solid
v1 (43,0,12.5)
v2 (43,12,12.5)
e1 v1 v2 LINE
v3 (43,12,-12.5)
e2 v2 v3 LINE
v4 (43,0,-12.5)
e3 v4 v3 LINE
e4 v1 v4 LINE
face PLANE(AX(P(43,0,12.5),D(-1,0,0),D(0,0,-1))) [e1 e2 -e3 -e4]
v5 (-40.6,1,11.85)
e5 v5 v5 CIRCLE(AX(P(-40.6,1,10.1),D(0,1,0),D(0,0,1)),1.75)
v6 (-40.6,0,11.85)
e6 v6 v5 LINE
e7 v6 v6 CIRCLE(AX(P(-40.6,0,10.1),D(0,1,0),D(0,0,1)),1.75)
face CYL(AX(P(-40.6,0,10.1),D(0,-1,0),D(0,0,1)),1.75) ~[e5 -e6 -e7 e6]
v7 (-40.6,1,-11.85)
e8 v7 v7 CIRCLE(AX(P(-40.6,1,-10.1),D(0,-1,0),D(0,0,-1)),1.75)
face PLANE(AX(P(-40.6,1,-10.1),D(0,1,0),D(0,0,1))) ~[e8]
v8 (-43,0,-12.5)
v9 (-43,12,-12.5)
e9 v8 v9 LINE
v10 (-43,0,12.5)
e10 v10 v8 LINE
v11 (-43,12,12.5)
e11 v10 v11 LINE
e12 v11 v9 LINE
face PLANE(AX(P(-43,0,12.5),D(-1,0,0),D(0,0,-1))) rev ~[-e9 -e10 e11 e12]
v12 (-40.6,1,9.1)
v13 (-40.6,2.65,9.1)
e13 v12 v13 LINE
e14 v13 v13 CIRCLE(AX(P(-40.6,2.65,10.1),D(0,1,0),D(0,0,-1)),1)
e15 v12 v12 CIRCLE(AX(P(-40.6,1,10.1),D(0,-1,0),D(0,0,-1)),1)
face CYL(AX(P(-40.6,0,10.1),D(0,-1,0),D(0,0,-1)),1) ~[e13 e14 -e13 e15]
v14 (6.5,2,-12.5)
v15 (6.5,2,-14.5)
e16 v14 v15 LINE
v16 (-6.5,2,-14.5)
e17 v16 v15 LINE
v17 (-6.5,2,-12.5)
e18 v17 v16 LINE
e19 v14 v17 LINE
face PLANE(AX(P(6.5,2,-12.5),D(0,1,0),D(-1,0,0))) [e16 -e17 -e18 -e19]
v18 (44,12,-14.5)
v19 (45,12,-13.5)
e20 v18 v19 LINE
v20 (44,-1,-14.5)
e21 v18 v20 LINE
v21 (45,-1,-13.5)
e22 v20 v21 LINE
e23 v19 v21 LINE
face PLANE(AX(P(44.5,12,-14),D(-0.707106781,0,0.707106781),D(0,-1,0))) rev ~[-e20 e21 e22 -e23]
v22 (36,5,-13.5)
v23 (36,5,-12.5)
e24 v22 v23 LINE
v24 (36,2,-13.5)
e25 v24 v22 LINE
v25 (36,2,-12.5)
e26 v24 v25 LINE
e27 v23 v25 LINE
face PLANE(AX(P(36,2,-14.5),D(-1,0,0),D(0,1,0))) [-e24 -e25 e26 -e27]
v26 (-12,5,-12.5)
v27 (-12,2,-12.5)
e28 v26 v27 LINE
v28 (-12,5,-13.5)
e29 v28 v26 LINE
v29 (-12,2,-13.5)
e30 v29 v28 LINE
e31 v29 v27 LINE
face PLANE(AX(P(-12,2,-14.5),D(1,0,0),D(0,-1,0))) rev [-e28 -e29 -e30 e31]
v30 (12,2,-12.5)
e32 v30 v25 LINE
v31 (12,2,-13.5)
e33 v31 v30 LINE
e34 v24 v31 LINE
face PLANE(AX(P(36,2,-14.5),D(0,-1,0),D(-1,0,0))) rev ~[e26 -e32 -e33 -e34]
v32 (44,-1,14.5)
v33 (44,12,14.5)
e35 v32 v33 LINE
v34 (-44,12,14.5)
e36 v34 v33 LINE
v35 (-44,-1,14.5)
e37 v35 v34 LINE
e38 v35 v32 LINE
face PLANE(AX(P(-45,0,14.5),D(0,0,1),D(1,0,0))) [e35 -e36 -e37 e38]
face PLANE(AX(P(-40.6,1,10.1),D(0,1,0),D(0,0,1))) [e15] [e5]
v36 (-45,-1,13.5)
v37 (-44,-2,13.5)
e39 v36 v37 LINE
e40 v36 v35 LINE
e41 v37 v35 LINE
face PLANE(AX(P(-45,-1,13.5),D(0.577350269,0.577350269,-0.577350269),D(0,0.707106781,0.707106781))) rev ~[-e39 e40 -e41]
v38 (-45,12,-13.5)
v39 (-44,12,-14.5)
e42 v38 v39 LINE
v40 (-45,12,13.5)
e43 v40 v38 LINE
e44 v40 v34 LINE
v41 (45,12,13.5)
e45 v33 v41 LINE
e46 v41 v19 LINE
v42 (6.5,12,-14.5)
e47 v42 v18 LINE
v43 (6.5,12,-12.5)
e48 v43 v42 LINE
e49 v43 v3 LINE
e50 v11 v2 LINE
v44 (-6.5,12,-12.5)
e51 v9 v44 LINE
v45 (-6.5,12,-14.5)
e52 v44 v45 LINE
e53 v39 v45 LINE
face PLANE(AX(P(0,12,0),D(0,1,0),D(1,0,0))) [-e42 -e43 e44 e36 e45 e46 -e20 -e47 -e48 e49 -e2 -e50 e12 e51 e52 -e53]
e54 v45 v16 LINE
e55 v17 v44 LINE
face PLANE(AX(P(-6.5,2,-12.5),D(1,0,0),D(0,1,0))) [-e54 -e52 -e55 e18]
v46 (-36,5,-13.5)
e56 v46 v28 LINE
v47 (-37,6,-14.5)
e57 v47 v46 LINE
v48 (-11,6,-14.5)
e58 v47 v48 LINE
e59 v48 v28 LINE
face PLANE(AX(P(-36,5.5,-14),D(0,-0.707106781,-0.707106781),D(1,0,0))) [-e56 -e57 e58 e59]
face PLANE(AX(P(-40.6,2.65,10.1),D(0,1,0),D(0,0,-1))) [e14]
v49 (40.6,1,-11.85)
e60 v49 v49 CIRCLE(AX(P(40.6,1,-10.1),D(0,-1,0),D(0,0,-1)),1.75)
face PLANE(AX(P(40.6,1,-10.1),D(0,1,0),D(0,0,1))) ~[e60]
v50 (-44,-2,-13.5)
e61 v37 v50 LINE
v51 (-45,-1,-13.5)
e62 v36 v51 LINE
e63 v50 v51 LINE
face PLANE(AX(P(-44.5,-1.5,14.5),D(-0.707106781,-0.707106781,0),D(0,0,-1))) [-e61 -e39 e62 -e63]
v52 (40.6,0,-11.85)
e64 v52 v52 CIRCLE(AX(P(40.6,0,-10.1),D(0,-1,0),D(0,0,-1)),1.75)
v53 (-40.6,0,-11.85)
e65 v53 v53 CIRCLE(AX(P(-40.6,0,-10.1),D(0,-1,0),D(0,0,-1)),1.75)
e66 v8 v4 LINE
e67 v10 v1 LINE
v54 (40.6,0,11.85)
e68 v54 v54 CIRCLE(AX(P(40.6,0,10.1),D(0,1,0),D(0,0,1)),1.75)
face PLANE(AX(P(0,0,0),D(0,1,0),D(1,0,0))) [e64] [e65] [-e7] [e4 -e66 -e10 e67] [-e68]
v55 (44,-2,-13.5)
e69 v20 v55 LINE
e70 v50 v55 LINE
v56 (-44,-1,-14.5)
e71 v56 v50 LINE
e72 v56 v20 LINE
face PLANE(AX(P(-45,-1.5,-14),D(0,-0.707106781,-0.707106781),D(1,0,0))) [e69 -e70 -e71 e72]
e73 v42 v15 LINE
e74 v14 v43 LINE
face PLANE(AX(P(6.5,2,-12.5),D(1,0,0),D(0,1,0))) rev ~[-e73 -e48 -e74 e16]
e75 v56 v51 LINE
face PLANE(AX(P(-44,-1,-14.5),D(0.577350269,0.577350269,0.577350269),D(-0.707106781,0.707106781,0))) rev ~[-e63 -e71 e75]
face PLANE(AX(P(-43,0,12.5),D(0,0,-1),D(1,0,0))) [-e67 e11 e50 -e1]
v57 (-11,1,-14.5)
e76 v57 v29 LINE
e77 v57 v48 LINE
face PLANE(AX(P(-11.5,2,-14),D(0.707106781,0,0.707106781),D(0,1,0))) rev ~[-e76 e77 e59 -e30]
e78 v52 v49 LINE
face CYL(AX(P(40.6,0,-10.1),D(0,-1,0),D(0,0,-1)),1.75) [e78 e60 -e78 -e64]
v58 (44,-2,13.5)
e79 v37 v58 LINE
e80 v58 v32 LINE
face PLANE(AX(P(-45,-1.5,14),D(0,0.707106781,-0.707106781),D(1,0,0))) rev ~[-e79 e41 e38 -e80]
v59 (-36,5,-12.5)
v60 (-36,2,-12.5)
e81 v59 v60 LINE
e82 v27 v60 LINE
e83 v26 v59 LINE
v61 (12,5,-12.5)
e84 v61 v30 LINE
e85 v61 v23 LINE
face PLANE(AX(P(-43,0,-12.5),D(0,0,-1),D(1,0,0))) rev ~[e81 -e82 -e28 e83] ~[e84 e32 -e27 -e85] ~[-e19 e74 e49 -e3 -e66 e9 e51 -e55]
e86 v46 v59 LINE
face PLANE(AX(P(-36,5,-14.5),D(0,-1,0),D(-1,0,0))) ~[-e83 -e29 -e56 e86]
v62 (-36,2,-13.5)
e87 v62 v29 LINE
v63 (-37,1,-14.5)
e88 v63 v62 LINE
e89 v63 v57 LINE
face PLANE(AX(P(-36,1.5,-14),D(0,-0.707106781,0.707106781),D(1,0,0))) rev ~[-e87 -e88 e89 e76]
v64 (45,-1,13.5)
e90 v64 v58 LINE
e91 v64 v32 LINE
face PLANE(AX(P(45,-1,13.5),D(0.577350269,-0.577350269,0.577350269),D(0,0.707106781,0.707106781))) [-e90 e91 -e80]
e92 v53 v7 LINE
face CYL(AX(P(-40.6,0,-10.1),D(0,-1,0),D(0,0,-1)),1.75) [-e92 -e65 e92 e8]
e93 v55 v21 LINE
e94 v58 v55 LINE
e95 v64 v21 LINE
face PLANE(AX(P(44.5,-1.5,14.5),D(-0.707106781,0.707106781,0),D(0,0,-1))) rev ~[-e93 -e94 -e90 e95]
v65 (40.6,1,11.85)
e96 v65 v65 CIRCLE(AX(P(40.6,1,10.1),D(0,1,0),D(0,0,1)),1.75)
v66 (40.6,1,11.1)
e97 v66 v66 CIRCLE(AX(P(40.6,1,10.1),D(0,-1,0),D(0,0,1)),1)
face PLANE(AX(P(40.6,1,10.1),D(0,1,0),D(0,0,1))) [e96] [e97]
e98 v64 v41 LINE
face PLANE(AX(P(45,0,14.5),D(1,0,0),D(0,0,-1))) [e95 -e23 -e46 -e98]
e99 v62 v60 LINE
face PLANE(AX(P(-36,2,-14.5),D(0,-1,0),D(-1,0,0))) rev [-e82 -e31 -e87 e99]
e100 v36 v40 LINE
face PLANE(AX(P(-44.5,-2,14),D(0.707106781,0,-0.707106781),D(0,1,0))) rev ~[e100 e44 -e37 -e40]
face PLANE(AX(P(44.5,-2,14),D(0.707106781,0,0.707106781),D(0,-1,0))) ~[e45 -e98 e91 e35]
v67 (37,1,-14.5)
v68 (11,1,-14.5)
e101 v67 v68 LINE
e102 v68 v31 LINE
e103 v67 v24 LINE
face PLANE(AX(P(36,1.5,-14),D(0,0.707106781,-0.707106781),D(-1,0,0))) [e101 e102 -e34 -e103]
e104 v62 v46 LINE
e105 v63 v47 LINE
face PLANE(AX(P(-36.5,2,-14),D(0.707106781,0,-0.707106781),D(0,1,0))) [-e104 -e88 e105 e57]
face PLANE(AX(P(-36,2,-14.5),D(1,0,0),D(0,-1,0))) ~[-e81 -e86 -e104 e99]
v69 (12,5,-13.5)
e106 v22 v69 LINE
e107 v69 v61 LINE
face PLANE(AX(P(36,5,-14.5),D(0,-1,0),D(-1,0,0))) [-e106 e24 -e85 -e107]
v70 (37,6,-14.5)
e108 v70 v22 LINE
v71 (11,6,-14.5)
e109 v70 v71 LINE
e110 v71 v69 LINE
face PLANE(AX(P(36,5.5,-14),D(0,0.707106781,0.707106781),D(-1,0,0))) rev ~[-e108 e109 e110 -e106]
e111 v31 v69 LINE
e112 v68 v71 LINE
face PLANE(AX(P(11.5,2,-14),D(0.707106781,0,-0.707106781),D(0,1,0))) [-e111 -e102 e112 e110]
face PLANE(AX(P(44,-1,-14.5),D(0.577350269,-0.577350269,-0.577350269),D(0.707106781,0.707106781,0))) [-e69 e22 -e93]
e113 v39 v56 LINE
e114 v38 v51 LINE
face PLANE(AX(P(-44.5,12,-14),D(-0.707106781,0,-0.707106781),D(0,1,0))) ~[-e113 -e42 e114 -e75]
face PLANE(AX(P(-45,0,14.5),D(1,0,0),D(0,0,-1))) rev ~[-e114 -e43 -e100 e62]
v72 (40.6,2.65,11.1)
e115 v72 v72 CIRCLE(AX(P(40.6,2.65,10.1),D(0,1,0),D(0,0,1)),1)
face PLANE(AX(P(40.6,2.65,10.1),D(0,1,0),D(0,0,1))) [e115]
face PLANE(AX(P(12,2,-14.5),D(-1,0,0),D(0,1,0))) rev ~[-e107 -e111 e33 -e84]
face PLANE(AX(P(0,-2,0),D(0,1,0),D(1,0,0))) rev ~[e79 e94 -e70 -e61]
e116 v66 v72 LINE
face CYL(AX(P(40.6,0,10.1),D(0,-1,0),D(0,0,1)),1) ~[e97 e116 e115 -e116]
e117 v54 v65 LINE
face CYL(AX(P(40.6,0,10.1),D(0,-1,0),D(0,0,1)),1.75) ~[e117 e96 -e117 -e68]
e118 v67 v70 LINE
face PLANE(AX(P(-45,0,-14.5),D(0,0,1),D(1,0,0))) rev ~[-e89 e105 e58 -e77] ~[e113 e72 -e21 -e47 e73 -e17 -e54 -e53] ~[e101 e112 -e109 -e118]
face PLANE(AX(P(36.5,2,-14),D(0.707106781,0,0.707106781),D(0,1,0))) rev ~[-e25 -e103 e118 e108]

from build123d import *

# Parameters (mm, degrees)
SKETCH1_W                = 90
SKETCH1_H                = 29
SKETCH1_W_2              = 86
SKETCH1_H_2              = 25
BOSS_EXTRUDE1_DEPTH      = 12
SKETCH1_2_W              = 90
SKETCH1_2_H              = 29
BOSS_EXTRUDE2_DEPTH      = 2
SKETCH2_R                = 1
BOSS_EXTRUDE3_DEPTH      = 2.65
SKETCH3_R                = 1.75
BOSS_EXTRUDE4_DEPTH      = 1
CHAMFER1_SIZE            = 1
CUT_EXTRUDE1_REACH       = 55.833
SKETCH4_W                = 13
SKETCH4_H                = 10
CUT_EXTRUDE2_REACH       = 56.863
SKETCH5_W                = 24
SKETCH5_H                = 3
CHAMFER2_SIZE            = 1
CHAMFER2_OF_MIRROR2_SIZE = 1


with BuildPart() as part:
    # Sketch1 → Boss-Extrude1 (new body)
    with BuildSketch(Plane(origin=(0, 0, 0), x_dir=(1, 0, 0), z_dir=(0, 1, 0))):
        Rectangle(SKETCH1_W, SKETCH1_H)
        Rectangle(SKETCH1_W_2, SKETCH1_H_2, mode=Mode.SUBTRACT)
    extrude(amount=BOSS_EXTRUDE1_DEPTH)

    # Sketch1<2> → Boss-Extrude2 (add)
    with BuildSketch(Plane(origin=(0, 0, 0), x_dir=(1, 0, 0), z_dir=(0, 1, 0))):
        Rectangle(SKETCH1_2_W, SKETCH1_2_H)
    extrude(amount=-BOSS_EXTRUDE2_DEPTH)

    # Sketch2 → Boss-Extrude3 (add)
    with BuildSketch(Plane(origin=(0, 0, 0), x_dir=(1, 0, 0), z_dir=(0, 1, 0))):
        with Locations((40.6, -10.1)):
            Circle(SKETCH2_R)
        with Locations((-40.6, -10.1)):
            Circle(SKETCH2_R)
    extrude(amount=BOSS_EXTRUDE3_DEPTH)

    # Sketch3 → Boss-Extrude4 (add)
    with BuildSketch(Plane(origin=(0, 0, 0), x_dir=(1, 0, 0), z_dir=(0, 1, 0))):
        with Locations((40.6, -10.1)):
            Circle(SKETCH3_R)
        with Locations((-40.6, -10.1)):
            Circle(SKETCH3_R)
    boss_extrude4 = extrude(amount=BOSS_EXTRUDE4_DEPTH)

    # Mirror1: Boss-Extrude4 across plane
    add(boss_extrude4.mirror(Plane.XY))

    # Chamfer1
    chamfer1_edges = [part.edges().sort_by_distance(p)[0] for p in [
        (45, 5, -14.5),
        (45, 5, 14.5),
        (45, -2, 0),
        (0, -2, 14.5),
        (-45, 5, 14.5),
        (-45, -2, 0),
        (0, -2, -14.5),
        (-45, 5, -14.5),
    ]]
    chamfer(chamfer1_edges, length=CHAMFER1_SIZE)

    # Sketch4 → Cut-Extrude1 (cut, up to next)
    with BuildSketch(Plane(origin=(0, 0, -12.5), x_dir=(-1, 0, 0), z_dir=(0, 0, -1)), mode=Mode.PRIVATE) as cut_extrude1_sk1:
        with Locations((0, 7)):
            Rectangle(SKETCH4_W, SKETCH4_H)
    cut_extrude1_tool1 = extrude(cut_extrude1_sk1.sketch, amount=CUT_EXTRUDE1_REACH, mode=Mode.PRIVATE) & part.part
    add(cut_extrude1_tool1.solids().sort_by_distance((0, 7, -12.5))[0], mode=Mode.SUBTRACT)

    # Sketch5 → Cut-Extrude2 (cut, up to next)
    with BuildSketch(Plane(origin=(0, 0, -14.5), x_dir=(-1, 0, 0), z_dir=(0, 0, -1)), mode=Mode.PRIVATE) as cut_extrude2_sk1:
        with Locations((-24, 3.5)):
            Rectangle(SKETCH5_W, SKETCH5_H)
    cut_extrude2_tool1 = extrude(cut_extrude2_sk1.sketch, amount=-CUT_EXTRUDE2_REACH, mode=Mode.PRIVATE) & part.part
    cut_extrude2 = cut_extrude2_tool1.solids().sort_by_distance((24, 3.5, -14.5))[0]
    add(cut_extrude2, mode=Mode.SUBTRACT)

    # Chamfer2
    chamfer2_edges = [part.edges().sort_by_distance(p)[0] for p in [
        (36, 3.5, -14.5),
        (24, 2, -14.5),
        (12, 3.5, -14.5),
        (24, 5, -14.5),
    ]]
    chamfer(chamfer2_edges, length=CHAMFER2_SIZE)

    # Mirror2: Cut-Extrude2 across plane
    add(cut_extrude2.mirror(Plane(origin=(0, 0, 0), x_dir=(0, 0, 1), z_dir=(1, 0, 0))), mode=Mode.SUBTRACT)

    # Chamfer2 of Mirror2
    chamfer2_of_mirror2_edges = [part.edges().sort_by_distance(p)[0] for p in [
        (-36, 3.5, -14.5),
        (-24, 2, -14.5),
        (-12, 3.5, -14.5),
        (-24, 5, -14.5),
    ]]
    chamfer(chamfer2_of_mirror2_edges, length=CHAMFER2_OF_MIRROR2_SIZE)


solid = part.part
